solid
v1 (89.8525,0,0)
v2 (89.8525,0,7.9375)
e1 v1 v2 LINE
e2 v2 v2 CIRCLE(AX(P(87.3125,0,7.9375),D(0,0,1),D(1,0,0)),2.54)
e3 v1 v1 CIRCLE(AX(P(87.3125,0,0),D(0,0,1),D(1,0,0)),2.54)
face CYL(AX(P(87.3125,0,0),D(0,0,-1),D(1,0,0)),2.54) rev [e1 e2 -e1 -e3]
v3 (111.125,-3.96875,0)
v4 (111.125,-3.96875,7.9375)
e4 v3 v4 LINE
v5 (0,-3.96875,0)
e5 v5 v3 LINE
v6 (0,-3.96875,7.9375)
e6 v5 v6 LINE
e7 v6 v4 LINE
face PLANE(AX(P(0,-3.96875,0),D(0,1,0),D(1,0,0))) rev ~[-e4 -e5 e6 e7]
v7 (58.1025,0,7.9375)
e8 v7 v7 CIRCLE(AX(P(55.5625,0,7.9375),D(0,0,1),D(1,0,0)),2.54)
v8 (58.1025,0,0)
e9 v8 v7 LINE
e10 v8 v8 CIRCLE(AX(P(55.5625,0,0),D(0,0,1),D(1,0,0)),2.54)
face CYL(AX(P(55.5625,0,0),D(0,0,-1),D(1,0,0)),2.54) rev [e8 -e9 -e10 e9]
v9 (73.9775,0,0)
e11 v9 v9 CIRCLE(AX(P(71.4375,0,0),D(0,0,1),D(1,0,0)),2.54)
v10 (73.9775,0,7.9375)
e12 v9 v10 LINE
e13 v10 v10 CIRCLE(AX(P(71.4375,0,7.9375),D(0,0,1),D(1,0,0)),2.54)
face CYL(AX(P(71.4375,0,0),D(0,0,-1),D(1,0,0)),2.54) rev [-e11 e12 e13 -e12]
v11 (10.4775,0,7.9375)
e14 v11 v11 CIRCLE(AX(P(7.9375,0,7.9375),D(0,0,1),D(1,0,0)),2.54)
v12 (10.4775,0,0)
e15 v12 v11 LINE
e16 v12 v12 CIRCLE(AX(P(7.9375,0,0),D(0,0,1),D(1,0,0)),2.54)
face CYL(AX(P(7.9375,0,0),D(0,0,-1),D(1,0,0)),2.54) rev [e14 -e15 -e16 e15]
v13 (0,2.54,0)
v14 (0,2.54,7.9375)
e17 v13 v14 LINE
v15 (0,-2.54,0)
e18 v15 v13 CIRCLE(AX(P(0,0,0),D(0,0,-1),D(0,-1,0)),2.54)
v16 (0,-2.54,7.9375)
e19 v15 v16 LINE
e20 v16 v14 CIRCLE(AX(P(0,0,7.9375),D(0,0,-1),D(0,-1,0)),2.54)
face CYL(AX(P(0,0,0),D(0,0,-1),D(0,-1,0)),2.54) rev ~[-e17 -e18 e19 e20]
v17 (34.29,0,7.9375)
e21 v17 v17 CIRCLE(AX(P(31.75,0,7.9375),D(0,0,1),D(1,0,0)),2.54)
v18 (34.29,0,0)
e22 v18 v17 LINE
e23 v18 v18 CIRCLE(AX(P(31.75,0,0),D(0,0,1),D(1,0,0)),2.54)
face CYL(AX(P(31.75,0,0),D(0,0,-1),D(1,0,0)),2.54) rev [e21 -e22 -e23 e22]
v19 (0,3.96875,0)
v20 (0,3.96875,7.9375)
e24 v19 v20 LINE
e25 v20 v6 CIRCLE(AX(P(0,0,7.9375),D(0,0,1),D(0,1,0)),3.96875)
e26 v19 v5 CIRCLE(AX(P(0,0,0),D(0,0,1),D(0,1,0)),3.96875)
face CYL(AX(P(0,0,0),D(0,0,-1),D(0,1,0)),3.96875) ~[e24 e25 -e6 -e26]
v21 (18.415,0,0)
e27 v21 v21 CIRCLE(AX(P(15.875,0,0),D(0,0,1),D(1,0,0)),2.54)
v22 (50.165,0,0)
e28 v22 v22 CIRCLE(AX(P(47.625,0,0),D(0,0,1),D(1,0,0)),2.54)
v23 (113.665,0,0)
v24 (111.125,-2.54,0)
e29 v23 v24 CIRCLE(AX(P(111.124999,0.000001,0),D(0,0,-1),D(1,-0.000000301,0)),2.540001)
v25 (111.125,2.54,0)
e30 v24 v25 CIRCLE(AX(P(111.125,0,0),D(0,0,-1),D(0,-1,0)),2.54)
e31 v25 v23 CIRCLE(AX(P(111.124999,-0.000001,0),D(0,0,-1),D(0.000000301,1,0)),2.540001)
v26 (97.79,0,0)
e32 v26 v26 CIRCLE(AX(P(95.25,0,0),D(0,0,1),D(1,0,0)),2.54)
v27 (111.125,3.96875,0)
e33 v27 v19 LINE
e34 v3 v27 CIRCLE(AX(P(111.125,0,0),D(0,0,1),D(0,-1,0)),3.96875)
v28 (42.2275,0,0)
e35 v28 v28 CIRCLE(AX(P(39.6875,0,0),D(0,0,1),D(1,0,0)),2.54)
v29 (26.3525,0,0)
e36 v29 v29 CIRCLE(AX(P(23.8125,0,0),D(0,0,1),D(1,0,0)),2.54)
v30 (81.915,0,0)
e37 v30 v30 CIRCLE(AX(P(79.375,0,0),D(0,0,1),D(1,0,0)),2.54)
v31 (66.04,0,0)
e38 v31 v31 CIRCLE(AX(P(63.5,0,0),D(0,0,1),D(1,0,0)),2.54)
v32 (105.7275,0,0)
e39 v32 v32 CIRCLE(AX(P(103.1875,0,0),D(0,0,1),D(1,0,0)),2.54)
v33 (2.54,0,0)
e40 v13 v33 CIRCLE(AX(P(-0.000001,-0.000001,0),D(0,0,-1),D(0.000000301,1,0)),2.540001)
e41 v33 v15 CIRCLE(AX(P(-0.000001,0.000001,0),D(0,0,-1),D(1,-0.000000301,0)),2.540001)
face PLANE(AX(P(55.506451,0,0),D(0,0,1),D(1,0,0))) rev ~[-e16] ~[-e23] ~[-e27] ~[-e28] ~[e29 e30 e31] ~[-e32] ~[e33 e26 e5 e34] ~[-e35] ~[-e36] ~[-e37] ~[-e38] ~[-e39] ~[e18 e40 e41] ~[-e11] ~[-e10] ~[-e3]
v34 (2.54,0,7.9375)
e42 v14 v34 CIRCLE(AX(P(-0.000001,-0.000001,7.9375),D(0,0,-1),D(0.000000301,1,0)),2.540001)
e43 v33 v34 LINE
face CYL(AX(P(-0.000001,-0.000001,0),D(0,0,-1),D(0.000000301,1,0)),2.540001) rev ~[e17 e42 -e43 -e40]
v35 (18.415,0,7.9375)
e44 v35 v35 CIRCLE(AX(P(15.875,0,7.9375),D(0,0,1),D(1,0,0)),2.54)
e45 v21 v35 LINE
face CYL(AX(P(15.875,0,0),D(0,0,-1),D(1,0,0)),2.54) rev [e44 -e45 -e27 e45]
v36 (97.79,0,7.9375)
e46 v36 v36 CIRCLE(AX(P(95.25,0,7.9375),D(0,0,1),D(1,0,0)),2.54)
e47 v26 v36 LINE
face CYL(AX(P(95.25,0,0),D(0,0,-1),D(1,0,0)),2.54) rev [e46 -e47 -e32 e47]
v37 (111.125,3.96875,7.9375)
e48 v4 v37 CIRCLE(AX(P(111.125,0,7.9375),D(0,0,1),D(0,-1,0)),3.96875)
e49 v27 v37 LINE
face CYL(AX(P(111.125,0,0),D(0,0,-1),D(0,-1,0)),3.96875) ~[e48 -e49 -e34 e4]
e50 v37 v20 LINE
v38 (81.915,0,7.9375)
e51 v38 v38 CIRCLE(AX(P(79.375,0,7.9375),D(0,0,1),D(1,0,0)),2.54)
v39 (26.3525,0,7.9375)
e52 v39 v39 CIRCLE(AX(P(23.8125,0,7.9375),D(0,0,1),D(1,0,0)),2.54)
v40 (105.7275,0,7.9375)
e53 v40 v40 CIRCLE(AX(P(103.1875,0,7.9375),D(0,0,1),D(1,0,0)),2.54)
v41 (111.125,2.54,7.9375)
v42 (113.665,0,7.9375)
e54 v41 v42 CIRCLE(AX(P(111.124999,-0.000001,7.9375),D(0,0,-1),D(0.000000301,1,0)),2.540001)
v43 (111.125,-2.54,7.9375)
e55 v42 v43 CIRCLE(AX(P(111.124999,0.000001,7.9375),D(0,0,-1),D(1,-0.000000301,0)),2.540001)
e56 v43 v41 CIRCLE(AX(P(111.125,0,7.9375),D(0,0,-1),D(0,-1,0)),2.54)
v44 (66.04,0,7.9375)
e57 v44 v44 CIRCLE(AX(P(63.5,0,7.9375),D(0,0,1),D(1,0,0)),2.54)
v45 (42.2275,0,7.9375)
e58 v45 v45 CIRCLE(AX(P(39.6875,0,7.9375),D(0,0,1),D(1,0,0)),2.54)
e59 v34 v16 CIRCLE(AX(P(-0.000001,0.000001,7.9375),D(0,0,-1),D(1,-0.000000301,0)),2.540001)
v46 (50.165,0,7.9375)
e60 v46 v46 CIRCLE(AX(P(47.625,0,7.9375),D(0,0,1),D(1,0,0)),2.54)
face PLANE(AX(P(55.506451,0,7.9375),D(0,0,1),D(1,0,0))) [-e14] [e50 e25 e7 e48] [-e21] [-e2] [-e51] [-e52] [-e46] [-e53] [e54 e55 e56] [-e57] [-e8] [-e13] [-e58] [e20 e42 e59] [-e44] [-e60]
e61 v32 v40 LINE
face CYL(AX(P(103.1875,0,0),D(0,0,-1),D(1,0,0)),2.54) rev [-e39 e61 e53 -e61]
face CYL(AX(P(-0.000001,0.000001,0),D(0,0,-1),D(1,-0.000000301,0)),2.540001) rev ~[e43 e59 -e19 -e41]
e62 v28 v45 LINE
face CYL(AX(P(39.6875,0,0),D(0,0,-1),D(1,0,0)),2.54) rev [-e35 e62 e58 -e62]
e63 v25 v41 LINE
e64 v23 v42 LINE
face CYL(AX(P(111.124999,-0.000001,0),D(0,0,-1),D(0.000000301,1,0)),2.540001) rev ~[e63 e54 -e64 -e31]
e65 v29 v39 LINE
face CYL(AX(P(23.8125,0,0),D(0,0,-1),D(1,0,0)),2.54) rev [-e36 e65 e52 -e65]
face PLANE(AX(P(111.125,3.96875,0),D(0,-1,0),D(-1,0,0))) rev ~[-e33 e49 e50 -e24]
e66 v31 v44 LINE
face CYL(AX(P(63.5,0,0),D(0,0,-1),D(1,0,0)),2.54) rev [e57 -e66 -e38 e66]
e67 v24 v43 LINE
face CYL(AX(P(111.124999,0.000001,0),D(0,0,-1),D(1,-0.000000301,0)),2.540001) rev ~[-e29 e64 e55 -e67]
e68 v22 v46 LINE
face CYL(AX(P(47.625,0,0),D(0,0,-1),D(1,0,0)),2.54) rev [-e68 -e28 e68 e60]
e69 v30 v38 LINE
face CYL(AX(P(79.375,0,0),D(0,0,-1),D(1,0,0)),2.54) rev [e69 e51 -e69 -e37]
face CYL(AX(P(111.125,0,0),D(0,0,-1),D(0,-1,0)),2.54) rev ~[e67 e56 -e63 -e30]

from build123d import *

# Parameters (mm, degrees)
F0_R     = 2.54
F1_DEPTH = 7.9375


with BuildPart() as f1:
    # F0 (on Top) → F1 (new body)
    with BuildSketch(Plane.XY):
        with BuildLine():
            Line((111.125, 3.96875), (0, 3.96875))
            Line((0, 3.96875), (0, 2.54))
            ThreePointArc((0, 2.54), (1.796051, 1.796051), (2.54, 0))
            ThreePointArc((2.54, 0), (1.796051, -1.796051), (0, -2.54))
            Line((0, -2.54), (0, -3.96875))
            Line((0, -3.96875), (111.125, -3.96875))
            Line((111.125, -3.96875), (111.125, -2.54))
            ThreePointArc((111.125, -2.54), (108.585, 0), (111.125, 2.54))
            Line((111.125, 2.54), (111.125, 3.96875))
        make_face()
        with Locations((7.9375, 0)):
            Circle(F0_R, mode=Mode.SUBTRACT)
        with Locations((15.875, 0)):
            Circle(F0_R, mode=Mode.SUBTRACT)
        with Locations((23.8125, 0)):
            Circle(F0_R, mode=Mode.SUBTRACT)
        with Locations((31.75, 0)):
            Circle(F0_R, mode=Mode.SUBTRACT)
        with Locations((39.6875, 0)):
            Circle(F0_R, mode=Mode.SUBTRACT)
        with Locations((47.625, 0)):
            Circle(F0_R, mode=Mode.SUBTRACT)
        with Locations((55.5625, 0)):
            Circle(F0_R, mode=Mode.SUBTRACT)
        with Locations((63.5, 0)):
            Circle(F0_R, mode=Mode.SUBTRACT)
        with Locations((71.4375, 0)):
            Circle(F0_R, mode=Mode.SUBTRACT)
        with Locations((79.375, 0)):
            Circle(F0_R, mode=Mode.SUBTRACT)
        with Locations((87.3125, 0)):
            Circle(F0_R, mode=Mode.SUBTRACT)
        with Locations((95.25, 0)):
            Circle(F0_R, mode=Mode.SUBTRACT)
        with Locations((103.1875, 0)):
            Circle(F0_R, mode=Mode.SUBTRACT)
        with BuildLine():
            Line((0, 2.54), (0, 3.96875))
            ThreePointArc((0, 3.96875), (-3.96875, 0), (0, -3.96875))
            Line((0, -3.96875), (0, -2.54))
            ThreePointArc((0, -2.54), (-2.54, 0), (0, 2.54))
        make_face()
        with BuildLine():
            ThreePointArc((111.125, -3.96875), (115.09375, 0), (111.125, 3.96875))
            Line((111.125, 3.96875), (111.125, 2.54))
            ThreePointArc((111.125, 2.54), (112.921051, 1.796051), (113.665, 0))
            ThreePointArc((113.665, 0), (112.921051, -1.796051), (111.125, -2.54))
            Line((111.125, -2.54), (111.125, -3.96875))
        make_face()
    extrude(amount=F1_DEPTH)


solid = f1.part
